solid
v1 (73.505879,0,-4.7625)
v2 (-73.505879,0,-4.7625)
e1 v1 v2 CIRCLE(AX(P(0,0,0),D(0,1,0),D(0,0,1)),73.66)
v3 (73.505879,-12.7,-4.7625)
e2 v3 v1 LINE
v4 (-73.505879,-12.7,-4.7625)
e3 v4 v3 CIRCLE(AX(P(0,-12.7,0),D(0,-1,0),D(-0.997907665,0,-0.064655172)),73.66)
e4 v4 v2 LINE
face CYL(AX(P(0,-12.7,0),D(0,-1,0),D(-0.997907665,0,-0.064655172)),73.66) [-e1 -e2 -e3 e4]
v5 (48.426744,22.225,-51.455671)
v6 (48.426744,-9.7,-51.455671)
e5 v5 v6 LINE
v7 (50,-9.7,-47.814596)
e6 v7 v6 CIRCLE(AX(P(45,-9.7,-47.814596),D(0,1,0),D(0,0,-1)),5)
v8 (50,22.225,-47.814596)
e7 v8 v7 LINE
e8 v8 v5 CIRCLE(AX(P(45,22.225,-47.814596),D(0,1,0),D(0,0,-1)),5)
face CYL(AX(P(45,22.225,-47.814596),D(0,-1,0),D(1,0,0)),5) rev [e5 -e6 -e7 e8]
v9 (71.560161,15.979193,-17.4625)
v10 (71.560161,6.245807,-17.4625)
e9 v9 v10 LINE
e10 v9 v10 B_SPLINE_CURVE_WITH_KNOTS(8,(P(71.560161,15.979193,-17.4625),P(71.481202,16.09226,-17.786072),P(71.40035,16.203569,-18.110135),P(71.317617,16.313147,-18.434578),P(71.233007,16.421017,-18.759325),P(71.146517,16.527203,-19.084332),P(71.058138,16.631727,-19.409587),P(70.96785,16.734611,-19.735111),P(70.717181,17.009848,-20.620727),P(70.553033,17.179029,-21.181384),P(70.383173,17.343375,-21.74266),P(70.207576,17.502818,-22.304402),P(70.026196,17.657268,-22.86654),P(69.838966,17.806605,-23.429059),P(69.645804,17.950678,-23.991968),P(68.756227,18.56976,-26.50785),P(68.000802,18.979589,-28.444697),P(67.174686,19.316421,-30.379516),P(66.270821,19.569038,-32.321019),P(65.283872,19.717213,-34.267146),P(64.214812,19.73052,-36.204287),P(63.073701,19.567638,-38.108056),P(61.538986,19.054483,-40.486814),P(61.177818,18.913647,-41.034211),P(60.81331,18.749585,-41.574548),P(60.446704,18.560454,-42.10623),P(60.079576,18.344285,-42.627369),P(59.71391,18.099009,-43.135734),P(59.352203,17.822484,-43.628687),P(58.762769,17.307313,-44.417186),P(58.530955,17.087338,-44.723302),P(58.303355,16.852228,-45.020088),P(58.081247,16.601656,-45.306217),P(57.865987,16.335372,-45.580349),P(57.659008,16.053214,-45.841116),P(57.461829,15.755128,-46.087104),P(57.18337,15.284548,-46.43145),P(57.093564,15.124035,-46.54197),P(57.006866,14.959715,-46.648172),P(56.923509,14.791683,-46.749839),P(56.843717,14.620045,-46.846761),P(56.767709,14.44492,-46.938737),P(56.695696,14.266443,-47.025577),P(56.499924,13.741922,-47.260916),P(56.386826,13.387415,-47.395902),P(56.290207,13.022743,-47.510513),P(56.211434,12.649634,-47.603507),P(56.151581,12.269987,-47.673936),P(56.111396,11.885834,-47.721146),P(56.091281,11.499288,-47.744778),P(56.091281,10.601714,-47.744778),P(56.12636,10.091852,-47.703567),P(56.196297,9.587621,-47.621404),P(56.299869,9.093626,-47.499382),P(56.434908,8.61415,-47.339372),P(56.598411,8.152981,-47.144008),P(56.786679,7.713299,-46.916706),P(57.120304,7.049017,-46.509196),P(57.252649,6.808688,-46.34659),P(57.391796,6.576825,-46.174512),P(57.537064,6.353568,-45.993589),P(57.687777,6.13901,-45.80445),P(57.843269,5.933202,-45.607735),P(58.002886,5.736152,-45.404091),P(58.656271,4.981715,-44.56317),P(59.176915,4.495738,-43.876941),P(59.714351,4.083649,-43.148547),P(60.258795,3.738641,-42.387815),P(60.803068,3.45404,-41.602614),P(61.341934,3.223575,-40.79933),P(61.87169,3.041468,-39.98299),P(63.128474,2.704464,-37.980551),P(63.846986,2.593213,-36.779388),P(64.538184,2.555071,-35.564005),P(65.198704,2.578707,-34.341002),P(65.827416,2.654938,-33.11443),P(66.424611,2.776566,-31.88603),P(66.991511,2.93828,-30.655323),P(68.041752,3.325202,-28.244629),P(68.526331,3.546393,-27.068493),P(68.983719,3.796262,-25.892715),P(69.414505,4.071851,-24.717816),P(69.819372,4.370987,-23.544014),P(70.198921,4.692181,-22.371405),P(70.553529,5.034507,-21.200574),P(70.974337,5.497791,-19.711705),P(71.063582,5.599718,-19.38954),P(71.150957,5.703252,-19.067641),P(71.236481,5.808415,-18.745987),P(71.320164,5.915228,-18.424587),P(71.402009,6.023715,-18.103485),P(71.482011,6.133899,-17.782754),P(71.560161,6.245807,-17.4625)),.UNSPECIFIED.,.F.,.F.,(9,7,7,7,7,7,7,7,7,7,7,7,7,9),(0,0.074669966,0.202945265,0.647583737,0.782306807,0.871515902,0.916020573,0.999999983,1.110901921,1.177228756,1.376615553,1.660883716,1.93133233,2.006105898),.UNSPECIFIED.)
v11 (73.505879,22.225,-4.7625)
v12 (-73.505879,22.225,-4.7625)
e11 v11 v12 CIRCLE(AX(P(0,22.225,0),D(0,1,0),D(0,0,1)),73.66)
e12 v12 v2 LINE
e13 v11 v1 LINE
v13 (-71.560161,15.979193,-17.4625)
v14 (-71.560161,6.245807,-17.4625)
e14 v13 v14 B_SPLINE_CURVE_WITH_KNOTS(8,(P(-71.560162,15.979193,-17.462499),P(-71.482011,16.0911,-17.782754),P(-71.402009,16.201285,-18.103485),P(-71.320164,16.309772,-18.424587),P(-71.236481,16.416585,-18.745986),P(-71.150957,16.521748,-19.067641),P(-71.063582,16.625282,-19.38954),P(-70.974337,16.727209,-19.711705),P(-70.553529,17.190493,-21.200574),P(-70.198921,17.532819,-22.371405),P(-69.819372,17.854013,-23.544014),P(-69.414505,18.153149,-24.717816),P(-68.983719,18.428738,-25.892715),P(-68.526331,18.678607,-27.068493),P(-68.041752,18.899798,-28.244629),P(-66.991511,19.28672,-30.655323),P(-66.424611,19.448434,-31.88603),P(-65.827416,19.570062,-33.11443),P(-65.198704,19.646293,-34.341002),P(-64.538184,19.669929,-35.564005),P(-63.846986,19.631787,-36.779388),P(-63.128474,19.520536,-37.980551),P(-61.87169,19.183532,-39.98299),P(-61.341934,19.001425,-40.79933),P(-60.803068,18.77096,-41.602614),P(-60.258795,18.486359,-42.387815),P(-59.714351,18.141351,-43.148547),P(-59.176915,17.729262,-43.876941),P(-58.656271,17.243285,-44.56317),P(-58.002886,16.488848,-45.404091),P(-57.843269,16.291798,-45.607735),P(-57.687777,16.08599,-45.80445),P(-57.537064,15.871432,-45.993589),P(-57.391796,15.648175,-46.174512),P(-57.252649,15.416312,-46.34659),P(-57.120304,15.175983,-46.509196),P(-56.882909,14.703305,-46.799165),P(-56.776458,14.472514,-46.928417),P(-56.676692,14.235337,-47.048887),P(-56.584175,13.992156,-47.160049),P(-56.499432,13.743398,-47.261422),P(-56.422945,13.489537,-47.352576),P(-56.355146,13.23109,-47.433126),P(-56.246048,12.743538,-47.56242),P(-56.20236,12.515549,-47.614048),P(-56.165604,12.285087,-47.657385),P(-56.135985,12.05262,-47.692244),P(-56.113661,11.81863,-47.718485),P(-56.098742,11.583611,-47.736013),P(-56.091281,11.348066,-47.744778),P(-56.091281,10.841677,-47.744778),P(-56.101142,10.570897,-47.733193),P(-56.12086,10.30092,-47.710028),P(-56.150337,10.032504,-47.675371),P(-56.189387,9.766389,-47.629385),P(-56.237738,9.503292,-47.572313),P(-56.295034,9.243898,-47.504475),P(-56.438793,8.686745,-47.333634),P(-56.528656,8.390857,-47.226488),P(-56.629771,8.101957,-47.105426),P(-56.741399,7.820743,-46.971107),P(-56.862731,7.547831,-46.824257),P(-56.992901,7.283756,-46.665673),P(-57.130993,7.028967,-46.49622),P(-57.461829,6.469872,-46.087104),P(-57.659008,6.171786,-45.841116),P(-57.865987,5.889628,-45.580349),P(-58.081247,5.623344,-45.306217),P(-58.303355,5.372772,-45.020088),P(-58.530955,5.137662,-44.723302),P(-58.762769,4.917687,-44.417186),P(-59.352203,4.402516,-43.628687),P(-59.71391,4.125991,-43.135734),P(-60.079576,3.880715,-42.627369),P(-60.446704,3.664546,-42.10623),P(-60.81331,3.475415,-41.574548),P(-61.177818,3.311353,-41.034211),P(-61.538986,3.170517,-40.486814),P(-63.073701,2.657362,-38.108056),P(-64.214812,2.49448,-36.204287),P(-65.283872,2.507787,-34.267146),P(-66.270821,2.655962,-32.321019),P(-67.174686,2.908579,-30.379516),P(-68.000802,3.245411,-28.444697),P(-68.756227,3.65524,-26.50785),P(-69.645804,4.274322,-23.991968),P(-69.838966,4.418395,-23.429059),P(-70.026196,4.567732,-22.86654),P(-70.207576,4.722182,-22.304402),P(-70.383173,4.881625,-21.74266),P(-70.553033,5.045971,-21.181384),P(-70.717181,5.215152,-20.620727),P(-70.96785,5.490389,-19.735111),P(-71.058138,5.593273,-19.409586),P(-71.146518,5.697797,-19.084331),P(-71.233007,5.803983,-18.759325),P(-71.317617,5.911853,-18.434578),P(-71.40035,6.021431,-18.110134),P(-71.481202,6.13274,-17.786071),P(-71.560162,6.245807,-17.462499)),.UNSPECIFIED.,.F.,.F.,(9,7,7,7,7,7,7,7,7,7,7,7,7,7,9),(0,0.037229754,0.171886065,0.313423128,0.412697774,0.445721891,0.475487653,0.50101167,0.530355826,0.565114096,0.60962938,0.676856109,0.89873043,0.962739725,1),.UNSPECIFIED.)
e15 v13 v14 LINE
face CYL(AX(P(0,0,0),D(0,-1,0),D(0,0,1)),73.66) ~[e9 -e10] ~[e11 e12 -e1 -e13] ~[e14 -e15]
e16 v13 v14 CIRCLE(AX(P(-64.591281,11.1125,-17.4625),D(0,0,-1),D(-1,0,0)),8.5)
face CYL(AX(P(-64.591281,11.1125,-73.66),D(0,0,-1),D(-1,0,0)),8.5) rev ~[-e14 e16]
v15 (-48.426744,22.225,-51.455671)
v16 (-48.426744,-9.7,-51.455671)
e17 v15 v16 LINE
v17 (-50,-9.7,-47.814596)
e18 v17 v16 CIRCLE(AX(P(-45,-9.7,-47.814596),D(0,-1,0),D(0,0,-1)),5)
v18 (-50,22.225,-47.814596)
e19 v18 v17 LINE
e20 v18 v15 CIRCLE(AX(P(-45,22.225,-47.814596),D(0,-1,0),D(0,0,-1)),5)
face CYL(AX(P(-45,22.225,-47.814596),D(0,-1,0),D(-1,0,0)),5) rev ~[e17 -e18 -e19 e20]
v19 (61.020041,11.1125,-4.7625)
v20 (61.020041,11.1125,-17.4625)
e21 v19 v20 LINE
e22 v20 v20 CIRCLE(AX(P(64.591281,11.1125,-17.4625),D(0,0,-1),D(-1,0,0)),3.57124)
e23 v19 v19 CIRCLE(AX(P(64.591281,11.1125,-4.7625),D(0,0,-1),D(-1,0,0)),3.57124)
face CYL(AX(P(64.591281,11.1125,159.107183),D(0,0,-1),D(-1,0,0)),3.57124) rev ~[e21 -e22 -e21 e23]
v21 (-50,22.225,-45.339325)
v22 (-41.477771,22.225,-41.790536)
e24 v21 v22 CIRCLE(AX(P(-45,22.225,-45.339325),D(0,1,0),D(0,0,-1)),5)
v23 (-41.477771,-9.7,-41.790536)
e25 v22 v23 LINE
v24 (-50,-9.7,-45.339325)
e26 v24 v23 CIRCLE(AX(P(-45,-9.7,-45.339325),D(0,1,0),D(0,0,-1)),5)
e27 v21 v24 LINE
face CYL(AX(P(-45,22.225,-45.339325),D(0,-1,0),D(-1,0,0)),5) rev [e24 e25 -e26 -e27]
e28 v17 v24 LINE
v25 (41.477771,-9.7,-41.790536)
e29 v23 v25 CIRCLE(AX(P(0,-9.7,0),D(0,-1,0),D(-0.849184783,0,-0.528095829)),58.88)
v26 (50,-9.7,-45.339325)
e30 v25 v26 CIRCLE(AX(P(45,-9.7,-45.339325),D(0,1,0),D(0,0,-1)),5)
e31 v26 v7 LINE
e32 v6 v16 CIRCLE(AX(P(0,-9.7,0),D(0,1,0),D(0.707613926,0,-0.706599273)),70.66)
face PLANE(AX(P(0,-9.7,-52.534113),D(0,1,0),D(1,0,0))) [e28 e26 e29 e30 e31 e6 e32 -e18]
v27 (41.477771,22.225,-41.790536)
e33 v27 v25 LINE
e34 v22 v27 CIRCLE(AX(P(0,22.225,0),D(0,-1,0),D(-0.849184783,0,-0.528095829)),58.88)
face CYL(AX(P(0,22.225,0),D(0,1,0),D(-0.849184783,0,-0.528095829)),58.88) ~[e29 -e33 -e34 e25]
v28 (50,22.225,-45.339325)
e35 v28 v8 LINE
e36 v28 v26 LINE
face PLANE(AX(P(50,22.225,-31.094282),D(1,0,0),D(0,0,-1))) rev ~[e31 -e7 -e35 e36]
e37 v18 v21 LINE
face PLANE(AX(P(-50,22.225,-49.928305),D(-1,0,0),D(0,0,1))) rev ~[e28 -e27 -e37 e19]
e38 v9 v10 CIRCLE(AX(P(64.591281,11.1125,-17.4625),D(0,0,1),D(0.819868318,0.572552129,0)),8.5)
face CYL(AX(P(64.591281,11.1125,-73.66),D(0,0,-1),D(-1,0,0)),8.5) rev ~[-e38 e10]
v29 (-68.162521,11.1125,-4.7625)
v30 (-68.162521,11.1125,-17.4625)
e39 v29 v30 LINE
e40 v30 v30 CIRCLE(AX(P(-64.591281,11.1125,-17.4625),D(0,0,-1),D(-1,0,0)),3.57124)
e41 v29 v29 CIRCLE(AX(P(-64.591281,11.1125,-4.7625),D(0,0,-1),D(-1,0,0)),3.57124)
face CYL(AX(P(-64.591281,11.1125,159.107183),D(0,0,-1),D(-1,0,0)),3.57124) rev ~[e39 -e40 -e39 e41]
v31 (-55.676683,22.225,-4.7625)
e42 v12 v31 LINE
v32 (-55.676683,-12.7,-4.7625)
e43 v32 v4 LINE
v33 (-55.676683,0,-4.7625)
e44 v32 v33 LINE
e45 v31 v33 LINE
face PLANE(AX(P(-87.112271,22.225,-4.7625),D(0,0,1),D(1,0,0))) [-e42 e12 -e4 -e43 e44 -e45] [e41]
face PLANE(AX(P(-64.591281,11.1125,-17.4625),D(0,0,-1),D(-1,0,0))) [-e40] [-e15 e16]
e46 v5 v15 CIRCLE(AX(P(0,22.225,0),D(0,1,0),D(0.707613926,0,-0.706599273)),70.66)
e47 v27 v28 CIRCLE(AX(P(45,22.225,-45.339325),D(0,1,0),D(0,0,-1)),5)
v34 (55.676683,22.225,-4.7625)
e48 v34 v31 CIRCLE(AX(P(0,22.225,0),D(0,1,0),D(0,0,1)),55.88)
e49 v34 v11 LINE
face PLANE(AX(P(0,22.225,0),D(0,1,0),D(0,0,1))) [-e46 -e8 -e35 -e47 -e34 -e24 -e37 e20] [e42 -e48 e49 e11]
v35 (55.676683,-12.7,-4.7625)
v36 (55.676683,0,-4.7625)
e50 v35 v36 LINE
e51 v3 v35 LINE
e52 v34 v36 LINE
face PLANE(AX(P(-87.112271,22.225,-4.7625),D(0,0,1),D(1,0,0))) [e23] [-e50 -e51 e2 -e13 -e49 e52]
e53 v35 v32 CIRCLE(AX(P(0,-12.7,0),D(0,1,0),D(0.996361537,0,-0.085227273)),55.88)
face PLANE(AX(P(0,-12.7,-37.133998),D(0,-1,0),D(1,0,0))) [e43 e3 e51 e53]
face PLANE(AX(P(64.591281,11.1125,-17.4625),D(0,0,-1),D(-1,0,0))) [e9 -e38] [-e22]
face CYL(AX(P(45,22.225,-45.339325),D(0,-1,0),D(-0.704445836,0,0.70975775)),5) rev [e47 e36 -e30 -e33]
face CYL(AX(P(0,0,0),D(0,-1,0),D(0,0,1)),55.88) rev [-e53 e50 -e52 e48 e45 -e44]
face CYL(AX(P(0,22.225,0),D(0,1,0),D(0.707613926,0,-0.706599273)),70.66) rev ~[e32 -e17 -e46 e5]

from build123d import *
from build123d.topology import SkipClean

# Parameters (mm, degrees)
SKETCH1_R               = 73.66
SKETCH1_R_2             = 55.88
BOSS_EXTRUDE1_DEPTH     = 22.225
CUT_EXTRUDE1_REACH      = 108.515
SKETCH3_W               = 174.179431321
SKETCH3_H               = 95.128766337
F_1_4_CLEARANCE_HOLE1_D = 7.14248
SKETCH5_R               = 8.5
CUT_EXTRUDE2_DEPTH      = 56.1975
BOSS_EXTRUDE3_START     = 12.7
BOSS_EXTRUDE3_DEPTH     = 12.7
CUT_EXTRUDE3_DEPTH      = 31.925
FILLET1_R               = 5


with BuildPart() as part:
    # Sketch1 → Boss-Extrude1 (new body)
    with BuildSketch(Plane(origin=(0, 0, 0), x_dir=(1, 0, 0), z_dir=(0, 1, 0))):
        with Locations(Location((0, 0, 0), (0, 0, 270))):
            Circle(SKETCH1_R)
        with Locations(Location((0, 0, 0), (0, 0, 270))):
            Circle(SKETCH1_R_2, mode=Mode.SUBTRACT)
    extrude(amount=BOSS_EXTRUDE1_DEPTH)

    # Sketch3 → Cut-Extrude1 (cut, up to next)
    with BuildSketch(Plane(origin=(0, 22.225, 0), x_dir=(1, 0, 0), z_dir=(0, 1, 0)), mode=Mode.PRIVATE) as cut_extrude1_sk1:
        with Locations((-0.022555156, -42.801883168)):
            Rectangle(SKETCH3_W, SKETCH3_H)
    cut_extrude1_tool1 = extrude(cut_extrude1_sk1.sketch, amount=-CUT_EXTRUDE1_REACH, mode=Mode.PRIVATE) & part.part
    add(cut_extrude1_tool1.solids().sort_by_distance((-0.022555, 22.225, 42.801883))[0], mode=Mode.SUBTRACT)

    # 1/4 Clearance Hole1 (through all)
    with Locations(Plane(origin=(-64.591280655, 11.1125, -4.7625), x_dir=(1, 0, 0), z_dir=(0, 0, 1))):
        with Locations((0, 0), (129.18256131, 0)):
            Hole(F_1_4_CLEARANCE_HOLE1_D / 2)

    # Sketch5 → Cut-Extrude2 (cut)
    with BuildSketch(Plane(origin=(0, 0, -73.66), x_dir=(-1, 0, 0), z_dir=(0, 0, -1))):
        with Locations((-64.591280655, 11.1125)):
            Circle(SKETCH5_R)
        with Locations((64.591280655, 11.1125)):
            Circle(SKETCH5_R)
    extrude(amount=-CUT_EXTRUDE2_DEPTH, mode=Mode.SUBTRACT)

    # Sketch7 → Boss-Extrude3 (add)
    with SkipClean():  # the faces are left unmerged after this step: merging them gives an invalid solid
        with BuildSketch(Plane.XZ.offset(BOSS_EXTRUDE3_START)):
            with BuildLine():
                Line((73.505878634, -4.7625), (55.676682676, -4.7625))
                ThreePointArc((55.676682676, -4.7625), (0, -55.88), (-55.676682676, -4.7625))
                Line((-55.676682676, -4.7625), (-73.505878634, -4.7625))
                ThreePointArc((-73.505878634, -4.7625), (0, -73.66), (73.505878634, -4.7625))
            make_face()
        extrude(amount=-BOSS_EXTRUDE3_DEPTH)

    # Sketch9 → Cut-Extrude3 (cut)
    with SkipClean():  # the faces are left unmerged after this step: merging them gives an invalid solid
        with BuildSketch(Plane(origin=(0, 22.225, 0), x_dir=(1, 0, 0), z_dir=(0, 1, 0))):
            with BuildLine():
                Line((-50, 49.928304598), (-50, 31.094282433))
                ThreePointArc((-50, 31.094282433), (0, 58.88), (50, 31.094282433))
                Line((50, 31.094282433), (50, 49.928304598))
                ThreePointArc((50, 49.928304598), (0, 70.66), (-50, 49.928304598))
            make_face()
        extrude(amount=-CUT_EXTRUDE3_DEPTH, mode=Mode.SUBTRACT)

    # Fillet1
    fillet1_edges = [part.edges().sort_by_distance(p)[0] for p in [
        (-50, 6.2625, -31.094282433),
        (50, 6.2625, -31.094282433),
        (50, 6.2625, -49.928304598),
        (-50, 6.2625, -49.928304598),
    ]]
    fillet(fillet1_edges, radius=FILLET1_R)


solid = part.part
